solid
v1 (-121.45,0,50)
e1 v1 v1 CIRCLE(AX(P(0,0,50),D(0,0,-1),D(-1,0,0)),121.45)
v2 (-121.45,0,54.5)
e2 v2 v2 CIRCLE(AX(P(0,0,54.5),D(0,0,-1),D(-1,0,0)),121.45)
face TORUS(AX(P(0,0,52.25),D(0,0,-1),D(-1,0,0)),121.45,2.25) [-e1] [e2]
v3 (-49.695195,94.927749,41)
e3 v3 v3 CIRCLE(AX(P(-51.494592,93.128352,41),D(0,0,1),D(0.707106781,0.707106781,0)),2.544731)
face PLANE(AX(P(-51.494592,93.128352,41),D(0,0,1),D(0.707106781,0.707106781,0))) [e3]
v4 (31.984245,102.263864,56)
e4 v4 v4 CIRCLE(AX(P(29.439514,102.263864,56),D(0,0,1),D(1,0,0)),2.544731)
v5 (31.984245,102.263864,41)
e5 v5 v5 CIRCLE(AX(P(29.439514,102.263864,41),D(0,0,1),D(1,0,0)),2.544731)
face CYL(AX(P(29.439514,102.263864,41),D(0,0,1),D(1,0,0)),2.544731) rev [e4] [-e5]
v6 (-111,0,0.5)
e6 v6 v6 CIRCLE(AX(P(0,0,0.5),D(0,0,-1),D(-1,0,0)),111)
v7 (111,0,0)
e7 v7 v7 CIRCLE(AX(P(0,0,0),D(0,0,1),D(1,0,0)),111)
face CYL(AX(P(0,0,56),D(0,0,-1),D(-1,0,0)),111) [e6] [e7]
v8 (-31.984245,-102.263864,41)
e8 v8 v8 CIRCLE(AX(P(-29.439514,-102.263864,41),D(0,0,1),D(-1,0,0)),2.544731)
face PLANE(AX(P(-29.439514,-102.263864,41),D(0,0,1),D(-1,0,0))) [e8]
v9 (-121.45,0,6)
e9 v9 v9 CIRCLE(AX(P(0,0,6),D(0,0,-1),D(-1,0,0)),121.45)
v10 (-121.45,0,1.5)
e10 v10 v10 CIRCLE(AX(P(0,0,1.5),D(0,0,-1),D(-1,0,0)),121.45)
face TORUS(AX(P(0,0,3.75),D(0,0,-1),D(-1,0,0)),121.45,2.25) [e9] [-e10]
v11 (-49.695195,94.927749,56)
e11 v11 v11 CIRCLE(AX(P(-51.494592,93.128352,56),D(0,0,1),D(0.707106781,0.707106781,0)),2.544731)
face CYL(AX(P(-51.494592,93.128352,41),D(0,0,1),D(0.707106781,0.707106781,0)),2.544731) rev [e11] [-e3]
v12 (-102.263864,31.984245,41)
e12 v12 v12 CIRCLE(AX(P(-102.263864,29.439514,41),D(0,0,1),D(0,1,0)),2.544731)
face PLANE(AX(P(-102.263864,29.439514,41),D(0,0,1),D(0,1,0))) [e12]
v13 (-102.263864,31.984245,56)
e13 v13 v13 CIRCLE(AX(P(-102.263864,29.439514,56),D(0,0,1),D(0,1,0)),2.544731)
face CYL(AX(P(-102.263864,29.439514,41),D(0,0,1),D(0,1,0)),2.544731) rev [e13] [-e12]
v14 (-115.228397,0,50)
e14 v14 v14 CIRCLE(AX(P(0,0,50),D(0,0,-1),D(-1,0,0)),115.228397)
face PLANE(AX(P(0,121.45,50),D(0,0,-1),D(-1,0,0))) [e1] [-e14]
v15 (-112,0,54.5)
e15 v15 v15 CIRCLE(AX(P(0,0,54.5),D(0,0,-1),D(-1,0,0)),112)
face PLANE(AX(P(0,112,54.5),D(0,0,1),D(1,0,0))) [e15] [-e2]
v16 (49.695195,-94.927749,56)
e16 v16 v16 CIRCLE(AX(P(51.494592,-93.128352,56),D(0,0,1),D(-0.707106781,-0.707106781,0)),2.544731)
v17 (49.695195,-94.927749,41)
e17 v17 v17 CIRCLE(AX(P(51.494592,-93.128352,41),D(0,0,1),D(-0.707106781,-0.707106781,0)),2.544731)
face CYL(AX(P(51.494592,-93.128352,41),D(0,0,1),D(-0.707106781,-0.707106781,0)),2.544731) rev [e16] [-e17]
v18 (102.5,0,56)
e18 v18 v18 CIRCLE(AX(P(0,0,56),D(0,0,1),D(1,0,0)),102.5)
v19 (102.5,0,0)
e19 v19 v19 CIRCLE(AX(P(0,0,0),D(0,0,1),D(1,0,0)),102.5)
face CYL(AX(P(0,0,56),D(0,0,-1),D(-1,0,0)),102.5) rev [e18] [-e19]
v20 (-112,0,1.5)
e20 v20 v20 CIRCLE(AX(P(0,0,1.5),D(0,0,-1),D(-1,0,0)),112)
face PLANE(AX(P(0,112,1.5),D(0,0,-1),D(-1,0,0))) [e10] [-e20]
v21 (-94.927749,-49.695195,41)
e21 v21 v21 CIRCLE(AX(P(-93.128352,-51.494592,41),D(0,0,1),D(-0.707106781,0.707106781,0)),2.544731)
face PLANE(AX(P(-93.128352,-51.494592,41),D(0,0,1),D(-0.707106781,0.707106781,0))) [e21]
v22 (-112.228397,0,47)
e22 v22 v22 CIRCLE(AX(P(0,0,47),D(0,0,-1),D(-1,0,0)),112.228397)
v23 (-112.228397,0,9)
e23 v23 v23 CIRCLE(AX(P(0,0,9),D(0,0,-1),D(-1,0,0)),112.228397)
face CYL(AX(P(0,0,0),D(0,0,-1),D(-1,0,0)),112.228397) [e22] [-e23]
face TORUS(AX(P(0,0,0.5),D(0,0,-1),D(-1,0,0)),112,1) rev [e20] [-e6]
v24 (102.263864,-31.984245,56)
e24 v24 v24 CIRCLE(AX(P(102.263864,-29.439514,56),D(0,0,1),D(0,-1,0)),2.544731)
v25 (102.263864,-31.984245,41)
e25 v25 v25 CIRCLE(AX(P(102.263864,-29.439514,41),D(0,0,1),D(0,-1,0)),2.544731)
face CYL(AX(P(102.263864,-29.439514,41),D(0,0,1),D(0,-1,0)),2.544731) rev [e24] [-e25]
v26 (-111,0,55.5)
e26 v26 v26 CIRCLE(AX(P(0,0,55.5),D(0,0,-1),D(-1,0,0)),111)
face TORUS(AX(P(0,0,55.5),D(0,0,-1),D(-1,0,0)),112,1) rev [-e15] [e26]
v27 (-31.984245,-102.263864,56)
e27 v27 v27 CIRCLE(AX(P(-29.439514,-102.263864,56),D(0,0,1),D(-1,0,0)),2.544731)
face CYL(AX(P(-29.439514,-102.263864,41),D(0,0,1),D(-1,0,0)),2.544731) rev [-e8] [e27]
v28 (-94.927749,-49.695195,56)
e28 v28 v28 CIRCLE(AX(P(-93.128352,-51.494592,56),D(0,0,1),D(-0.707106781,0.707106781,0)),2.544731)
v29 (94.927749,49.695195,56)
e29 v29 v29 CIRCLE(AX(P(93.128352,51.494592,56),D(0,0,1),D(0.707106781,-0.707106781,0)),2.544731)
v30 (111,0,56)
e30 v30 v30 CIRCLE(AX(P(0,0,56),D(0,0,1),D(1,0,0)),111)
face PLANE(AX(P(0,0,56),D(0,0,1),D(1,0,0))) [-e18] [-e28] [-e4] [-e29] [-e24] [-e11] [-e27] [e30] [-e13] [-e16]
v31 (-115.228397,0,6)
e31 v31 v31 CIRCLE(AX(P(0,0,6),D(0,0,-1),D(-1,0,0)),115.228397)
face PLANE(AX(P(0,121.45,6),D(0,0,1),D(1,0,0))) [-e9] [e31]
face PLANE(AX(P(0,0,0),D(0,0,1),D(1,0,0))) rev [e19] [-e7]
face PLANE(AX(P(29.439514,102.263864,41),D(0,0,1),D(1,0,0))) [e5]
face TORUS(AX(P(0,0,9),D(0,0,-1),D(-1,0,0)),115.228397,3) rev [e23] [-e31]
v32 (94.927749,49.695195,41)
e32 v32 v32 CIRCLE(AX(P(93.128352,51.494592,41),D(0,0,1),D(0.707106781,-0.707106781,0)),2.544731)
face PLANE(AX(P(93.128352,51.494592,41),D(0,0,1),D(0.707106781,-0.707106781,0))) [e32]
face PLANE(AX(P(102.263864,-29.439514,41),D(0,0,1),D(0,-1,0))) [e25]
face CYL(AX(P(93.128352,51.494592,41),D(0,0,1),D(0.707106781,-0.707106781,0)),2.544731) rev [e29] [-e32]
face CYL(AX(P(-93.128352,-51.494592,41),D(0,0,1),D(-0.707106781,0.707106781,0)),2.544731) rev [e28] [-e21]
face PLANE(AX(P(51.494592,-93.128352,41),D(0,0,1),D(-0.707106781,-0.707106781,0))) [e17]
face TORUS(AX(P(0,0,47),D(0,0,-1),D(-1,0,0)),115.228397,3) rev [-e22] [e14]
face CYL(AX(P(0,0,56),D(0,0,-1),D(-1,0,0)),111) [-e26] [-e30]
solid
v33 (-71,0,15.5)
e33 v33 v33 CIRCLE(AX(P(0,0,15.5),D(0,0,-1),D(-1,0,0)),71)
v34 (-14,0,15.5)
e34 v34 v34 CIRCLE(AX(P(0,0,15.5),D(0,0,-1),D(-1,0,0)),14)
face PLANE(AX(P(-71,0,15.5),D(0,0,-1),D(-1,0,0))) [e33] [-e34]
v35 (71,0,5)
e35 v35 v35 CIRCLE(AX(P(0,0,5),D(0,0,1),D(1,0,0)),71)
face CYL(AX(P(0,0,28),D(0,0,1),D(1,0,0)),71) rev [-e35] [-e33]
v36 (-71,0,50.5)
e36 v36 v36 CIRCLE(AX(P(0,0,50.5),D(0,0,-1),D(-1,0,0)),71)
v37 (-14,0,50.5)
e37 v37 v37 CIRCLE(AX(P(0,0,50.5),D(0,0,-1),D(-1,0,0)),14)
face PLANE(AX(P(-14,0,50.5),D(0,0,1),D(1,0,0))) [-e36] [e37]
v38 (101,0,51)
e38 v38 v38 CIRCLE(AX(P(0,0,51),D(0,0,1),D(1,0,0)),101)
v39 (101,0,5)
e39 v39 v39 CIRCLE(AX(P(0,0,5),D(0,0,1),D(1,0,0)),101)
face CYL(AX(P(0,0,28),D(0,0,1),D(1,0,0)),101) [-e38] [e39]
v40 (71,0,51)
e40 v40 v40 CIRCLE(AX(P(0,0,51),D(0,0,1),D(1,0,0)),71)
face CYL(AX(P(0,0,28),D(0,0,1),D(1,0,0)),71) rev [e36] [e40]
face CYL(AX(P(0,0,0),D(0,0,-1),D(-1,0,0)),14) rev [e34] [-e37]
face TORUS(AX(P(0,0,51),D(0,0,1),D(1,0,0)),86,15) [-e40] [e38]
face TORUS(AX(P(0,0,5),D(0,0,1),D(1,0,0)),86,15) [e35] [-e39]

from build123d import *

# Parameters (mm, degrees)
SKETCH1_R           = 111
SKETCH1_R_2         = 102.5
BOSS_EXTRUDE1_DEPTH = 56
SKETCH2_R           = 2.544731427
CUT_EXTRUDE1_DEPTH  = 15
CIRPATTERN1_COUNT   = 8
SKETCH5_W           = 57
SKETCH5_H           = 35


with BuildPart() as part:
    # Sketch1 → Boss-Extrude1 (new body)
    with BuildSketch(Plane.XY):
        Circle(SKETCH1_R)
        Circle(SKETCH1_R_2, mode=Mode.SUBTRACT)
    extrude(amount=BOSS_EXTRUDE1_DEPTH)

    # Sketch2 → Cut-Extrude1 (cut)
    with BuildSketch(Plane.XY.offset(56)):
        with Locations((29.439514058, 102.263864137)):
            Circle(SKETCH2_R)
    cut_extrude1 = extrude(amount=-CUT_EXTRUDE1_DEPTH, mode=Mode.SUBTRACT)

    # CirPattern1: Cut-Extrude1 ×8 about axis
    cirpattern1_axis = Axis((0, 0, 0), (0, 0, 1))
    for i in range(1, CIRPATTERN1_COUNT):
        add(cut_extrude1.rotate(cirpattern1_axis, i * 360 / CIRPATTERN1_COUNT), mode=Mode.SUBTRACT)

    # Sketch6 → Revolve3 (revolve)
    with BuildSketch(Plane(origin=(0, 0, 0), x_dir=(0, 0, -1), z_dir=(1, 0, 0)), mode=Mode.PRIVATE) as revolve3_sk:
        with BuildLine():
            Line((-54.5, 112), (-54.5, 121.45))
            ThreePointArc((-54.5, 121.45), (-52.25, 123.7), (-50, 121.45))
            Line((-50, 121.45), (-50, 115.228396921))
            ThreePointArc((-50, 115.228396921), (-49.121320344, 113.107076578), (-47, 112.228396921))
            Line((-47, 112.228396921), (-9, 112.228396921))
            ThreePointArc((-9, 112.228396921), (-6.878679656, 113.107076578), (-6, 115.228396921))
            Line((-6, 115.228396921), (-6, 121.45))
            ThreePointArc((-6, 121.45), (-3.75, 123.7), (-1.5, 121.45))
            Line((-1.5, 121.45), (-1.5, 112))
            ThreePointArc((-1.5, 112), (-1.207106781, 111.292893219), (-0.5, 111))
            Line((-0.5, 111), (0, 111))
            Line((0, 111), (0, 110.708510282))
            Line((0, 110.708510282), (-56, 110.708510282))
            Line((-56, 110.708510282), (-56, 111))
            Line((-56, 111), (-55.5, 111))
            ThreePointArc((-55.5, 111), (-54.792893219, 111.292893219), (-54.5, 112))
        make_face()
    revolve(revolve3_sk.sketch.rotate(Axis((0, 0, 0), (0, 0, 1)), 90), axis=Axis((0, 0, 0), (0, 0, 1)))


with BuildPart() as body_2:
    # Sketch4 → Revolve1 (revolve)
    with BuildSketch(Plane(origin=(0, 0, 0), x_dir=(1, 0, 0), z_dir=(0, 1, 0)), mode=Mode.PRIVATE) as revolve1_sk:
        with BuildLine():
            Line((-71, -5), (-71, -51))
            ThreePointArc((-71, -51), (-86, -66), (-101, -51))
            Line((-101, -51), (-101, -5))
            ThreePointArc((-101, -5), (-86, 10), (-71, -5))
        make_face()
    revolve(revolve1_sk.sketch.rotate(Axis((0, 0, 28), (0, 0, -1)), 180), axis=Axis((0, 0, 28), (0, 0, -1)))

    # Sketch5 → Revolve2 (revolve)
    with BuildSketch(Plane(origin=(0, 0, 0), x_dir=(1, 0, 0), z_dir=(0, 1, 0)), mode=Mode.PRIVATE) as revolve2_sk:
        with Locations((-42.5, -33)):
            Rectangle(SKETCH5_W, SKETCH5_H)
    revolve(revolve2_sk.sketch.rotate(Axis((0, 0, 0), (0, 0, 1)), 180), axis=Axis((0, 0, 0), (0, 0, 1)))


solid = Compound([part.part, body_2.part])
